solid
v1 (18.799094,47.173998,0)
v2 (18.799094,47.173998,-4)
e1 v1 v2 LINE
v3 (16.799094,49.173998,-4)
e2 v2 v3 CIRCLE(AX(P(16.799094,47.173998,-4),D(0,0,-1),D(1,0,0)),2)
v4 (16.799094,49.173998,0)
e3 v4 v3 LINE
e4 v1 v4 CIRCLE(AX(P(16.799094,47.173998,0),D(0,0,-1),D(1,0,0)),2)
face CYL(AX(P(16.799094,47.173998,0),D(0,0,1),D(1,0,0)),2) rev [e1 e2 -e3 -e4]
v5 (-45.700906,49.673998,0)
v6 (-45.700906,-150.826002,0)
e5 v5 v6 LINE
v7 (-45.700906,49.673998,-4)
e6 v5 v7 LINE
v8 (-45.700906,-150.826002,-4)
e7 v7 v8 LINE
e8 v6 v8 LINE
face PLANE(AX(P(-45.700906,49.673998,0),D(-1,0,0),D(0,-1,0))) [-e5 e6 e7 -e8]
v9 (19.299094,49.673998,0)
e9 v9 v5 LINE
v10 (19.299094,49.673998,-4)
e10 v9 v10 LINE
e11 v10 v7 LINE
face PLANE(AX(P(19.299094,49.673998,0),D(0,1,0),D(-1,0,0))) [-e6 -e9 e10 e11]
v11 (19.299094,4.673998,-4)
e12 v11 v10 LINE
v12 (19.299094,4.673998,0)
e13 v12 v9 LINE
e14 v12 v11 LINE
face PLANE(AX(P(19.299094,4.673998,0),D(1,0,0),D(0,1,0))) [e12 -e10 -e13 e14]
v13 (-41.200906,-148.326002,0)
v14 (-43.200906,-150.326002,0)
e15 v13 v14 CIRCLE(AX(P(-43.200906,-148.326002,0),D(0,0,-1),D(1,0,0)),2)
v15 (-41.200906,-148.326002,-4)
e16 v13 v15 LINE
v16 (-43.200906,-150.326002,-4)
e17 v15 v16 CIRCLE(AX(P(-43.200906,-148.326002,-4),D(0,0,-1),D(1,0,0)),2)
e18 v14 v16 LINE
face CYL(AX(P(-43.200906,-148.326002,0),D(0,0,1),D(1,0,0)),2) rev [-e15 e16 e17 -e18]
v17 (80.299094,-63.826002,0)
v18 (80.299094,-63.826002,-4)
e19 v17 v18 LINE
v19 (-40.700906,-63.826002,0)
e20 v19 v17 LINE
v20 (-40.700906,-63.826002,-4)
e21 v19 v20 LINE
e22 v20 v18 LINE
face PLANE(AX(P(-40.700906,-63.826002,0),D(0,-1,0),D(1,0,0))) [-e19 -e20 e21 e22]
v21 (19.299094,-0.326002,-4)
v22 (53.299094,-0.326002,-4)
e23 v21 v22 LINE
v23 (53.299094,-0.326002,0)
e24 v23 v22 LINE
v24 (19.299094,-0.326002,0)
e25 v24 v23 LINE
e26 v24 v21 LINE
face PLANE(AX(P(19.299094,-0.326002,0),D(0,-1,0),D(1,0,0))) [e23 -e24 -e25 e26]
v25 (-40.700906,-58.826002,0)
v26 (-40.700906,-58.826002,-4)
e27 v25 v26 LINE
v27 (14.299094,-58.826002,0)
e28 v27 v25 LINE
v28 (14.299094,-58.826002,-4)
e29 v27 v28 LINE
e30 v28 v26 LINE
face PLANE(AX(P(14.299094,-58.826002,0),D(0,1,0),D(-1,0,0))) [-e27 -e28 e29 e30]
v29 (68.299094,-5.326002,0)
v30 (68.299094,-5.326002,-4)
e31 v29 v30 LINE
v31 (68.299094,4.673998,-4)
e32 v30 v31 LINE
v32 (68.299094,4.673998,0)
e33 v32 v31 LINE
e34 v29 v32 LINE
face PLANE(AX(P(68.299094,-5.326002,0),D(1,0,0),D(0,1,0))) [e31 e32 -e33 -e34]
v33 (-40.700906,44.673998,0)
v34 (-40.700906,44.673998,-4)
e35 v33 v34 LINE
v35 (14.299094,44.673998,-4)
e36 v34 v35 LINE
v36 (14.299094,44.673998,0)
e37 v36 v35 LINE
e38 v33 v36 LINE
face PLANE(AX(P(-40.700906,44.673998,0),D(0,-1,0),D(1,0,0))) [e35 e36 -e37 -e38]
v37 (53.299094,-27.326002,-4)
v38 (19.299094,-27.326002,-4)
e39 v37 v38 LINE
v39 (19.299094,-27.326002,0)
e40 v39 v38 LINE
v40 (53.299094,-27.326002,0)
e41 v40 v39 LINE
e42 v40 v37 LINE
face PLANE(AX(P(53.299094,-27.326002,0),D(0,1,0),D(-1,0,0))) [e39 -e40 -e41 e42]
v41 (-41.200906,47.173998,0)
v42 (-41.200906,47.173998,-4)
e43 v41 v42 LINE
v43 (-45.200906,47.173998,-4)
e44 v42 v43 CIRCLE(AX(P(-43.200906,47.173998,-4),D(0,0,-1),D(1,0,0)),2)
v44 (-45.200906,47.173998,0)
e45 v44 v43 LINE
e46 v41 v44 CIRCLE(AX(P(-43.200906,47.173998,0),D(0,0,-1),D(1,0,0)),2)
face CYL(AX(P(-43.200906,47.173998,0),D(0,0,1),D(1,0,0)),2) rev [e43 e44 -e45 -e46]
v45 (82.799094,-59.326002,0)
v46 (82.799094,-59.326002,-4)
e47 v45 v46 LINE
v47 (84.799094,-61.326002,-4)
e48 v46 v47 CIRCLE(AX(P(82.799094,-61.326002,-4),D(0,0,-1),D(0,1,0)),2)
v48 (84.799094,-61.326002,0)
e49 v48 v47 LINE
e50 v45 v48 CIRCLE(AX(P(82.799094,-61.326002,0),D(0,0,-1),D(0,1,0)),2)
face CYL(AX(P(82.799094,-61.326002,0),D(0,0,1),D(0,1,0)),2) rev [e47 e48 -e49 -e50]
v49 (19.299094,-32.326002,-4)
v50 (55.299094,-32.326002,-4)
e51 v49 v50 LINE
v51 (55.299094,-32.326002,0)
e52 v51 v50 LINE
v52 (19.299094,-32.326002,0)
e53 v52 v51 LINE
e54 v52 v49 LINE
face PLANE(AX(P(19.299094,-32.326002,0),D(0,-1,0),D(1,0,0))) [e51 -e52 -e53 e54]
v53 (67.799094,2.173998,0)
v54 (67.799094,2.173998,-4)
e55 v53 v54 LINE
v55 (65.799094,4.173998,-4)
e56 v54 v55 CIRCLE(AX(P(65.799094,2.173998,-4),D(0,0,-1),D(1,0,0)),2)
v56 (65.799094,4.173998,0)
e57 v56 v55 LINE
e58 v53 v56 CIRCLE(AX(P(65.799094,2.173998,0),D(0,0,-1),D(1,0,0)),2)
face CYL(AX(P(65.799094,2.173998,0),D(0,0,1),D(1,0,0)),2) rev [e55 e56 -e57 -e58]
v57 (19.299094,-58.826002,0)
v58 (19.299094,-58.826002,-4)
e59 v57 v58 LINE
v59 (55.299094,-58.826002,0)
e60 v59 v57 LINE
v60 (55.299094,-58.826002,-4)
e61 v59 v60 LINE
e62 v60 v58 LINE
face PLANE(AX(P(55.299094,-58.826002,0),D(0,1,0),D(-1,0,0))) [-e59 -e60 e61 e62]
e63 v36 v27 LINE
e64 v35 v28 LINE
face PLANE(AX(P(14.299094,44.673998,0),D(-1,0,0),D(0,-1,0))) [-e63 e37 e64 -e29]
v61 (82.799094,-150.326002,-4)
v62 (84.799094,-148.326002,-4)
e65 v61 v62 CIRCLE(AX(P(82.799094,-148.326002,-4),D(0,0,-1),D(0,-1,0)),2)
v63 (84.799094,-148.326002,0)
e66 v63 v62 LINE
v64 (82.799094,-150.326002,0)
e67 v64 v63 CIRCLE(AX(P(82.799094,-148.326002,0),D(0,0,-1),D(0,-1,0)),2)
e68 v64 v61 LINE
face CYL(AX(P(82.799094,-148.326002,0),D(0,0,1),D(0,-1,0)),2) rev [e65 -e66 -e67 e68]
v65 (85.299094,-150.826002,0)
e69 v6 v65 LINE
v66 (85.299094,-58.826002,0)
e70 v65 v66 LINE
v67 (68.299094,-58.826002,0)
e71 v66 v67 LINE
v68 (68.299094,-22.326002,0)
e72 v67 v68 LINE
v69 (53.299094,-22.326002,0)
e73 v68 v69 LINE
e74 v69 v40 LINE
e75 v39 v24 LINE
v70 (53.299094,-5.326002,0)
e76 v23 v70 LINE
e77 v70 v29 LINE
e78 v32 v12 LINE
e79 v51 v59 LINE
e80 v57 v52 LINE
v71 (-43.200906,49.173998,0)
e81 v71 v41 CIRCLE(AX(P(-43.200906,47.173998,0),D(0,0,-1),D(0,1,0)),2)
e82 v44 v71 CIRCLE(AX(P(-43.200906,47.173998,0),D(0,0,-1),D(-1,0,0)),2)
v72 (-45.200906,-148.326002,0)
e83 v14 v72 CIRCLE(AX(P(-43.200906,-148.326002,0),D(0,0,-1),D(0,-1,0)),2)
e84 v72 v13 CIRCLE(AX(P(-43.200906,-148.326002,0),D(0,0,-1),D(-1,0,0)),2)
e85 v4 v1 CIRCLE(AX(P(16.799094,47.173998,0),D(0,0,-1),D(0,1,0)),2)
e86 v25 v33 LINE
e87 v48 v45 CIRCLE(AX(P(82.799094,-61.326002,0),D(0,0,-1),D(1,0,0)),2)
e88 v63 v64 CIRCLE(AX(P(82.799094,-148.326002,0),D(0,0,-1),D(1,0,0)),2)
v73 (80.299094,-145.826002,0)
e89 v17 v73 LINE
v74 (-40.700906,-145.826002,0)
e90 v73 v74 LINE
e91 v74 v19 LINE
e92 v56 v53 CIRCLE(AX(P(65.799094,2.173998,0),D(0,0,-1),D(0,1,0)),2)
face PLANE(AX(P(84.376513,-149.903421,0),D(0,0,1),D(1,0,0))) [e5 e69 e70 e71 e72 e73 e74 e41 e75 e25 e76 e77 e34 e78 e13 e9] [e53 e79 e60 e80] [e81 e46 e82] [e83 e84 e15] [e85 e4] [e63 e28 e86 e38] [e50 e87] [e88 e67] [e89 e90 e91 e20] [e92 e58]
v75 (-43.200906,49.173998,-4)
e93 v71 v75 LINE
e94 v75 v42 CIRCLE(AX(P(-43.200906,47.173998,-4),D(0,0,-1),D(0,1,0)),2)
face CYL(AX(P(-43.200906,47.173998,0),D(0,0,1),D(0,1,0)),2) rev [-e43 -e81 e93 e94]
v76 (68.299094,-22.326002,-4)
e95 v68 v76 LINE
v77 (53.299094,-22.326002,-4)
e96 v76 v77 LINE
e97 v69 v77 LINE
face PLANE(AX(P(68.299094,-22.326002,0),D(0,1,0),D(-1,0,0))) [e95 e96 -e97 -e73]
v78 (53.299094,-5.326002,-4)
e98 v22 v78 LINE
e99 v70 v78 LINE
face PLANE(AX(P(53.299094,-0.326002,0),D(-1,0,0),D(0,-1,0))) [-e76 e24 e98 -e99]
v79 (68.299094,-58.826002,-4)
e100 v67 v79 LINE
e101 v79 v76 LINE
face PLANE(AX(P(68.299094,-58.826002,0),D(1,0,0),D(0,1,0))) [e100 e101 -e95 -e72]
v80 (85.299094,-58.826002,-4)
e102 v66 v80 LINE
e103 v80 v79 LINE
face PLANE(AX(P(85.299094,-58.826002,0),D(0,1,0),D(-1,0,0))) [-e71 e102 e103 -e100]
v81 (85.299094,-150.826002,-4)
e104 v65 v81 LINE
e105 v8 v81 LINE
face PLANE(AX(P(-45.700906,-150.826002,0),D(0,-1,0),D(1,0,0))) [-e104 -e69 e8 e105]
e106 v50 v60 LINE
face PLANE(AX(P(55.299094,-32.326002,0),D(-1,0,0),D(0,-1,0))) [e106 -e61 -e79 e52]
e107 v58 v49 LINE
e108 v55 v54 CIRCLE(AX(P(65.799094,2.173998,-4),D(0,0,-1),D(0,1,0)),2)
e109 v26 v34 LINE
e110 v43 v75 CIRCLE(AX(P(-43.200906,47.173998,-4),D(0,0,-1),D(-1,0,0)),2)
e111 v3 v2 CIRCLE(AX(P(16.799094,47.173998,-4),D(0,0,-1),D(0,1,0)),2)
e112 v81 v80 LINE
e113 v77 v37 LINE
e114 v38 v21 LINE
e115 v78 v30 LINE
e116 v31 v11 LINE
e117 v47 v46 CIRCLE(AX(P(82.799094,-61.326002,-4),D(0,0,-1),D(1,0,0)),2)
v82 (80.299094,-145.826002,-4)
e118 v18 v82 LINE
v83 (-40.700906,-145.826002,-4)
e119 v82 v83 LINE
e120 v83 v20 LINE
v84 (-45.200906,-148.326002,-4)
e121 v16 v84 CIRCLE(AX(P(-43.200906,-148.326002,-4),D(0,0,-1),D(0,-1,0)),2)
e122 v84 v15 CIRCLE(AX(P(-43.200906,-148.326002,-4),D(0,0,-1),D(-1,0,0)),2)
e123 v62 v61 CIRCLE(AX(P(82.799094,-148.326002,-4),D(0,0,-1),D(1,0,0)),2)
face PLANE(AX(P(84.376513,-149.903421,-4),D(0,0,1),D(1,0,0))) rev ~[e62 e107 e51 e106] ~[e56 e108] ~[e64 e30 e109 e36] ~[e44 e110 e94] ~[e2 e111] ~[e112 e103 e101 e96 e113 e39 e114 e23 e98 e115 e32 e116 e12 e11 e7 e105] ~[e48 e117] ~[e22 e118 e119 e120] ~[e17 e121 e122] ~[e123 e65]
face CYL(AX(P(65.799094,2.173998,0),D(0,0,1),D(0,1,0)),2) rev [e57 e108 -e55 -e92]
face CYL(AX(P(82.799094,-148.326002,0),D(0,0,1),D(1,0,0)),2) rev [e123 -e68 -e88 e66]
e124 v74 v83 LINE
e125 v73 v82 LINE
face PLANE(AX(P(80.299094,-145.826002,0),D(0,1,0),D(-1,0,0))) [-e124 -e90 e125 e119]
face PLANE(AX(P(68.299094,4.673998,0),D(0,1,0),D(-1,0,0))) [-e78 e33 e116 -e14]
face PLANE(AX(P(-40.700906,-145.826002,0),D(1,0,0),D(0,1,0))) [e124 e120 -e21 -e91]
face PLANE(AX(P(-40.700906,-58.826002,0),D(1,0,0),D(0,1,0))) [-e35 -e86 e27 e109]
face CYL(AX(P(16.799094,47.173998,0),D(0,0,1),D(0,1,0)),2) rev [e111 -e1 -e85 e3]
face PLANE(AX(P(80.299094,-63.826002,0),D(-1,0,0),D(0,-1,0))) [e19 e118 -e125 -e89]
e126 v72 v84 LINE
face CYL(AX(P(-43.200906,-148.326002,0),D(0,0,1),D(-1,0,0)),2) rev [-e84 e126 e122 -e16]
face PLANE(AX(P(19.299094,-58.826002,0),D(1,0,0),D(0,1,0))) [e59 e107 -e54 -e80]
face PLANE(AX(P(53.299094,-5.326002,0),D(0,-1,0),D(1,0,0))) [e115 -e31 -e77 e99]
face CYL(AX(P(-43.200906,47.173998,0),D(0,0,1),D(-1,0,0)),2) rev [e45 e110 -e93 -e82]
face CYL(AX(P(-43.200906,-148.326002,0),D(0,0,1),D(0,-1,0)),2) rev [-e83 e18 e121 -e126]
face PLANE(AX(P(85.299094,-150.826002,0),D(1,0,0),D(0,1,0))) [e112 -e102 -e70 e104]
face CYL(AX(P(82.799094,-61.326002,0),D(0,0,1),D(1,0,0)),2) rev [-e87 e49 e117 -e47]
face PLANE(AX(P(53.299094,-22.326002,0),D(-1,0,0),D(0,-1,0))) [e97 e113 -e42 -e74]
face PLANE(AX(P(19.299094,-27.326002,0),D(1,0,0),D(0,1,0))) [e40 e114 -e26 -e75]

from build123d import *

# Parameters (mm, degrees)
F0_W     = 5
F0_H     = 5
F1_DEPTH = 4


with BuildPart() as f1:
    # F0 (on Top) → F1 (new body)
    with BuildSketch(Plane.XY):
        with BuildLine():
            Line((82.7990943193, -150.3260023594), (82.7990943193, -150.8260023594))
            Line((82.7990943193, -150.8260023594), (85.2990943193, -150.8260023594))
            Line((85.2990943193, -150.8260023594), (85.2990943193, -148.3260023594))
            Line((85.2990943193, -148.3260023594), (84.7990943193, -148.3260023594))
            ThreePointArc((84.7990943193, -148.3260023594), (84.2133078817, -149.7402159218), (82.7990943193, -150.3260023594))
        make_face()
        with BuildLine():
            Line((-45.2009056807, -148.3260023594), (-45.7009056807, -148.3260023594))
            Line((-45.7009056807, -148.3260023594), (-45.7009056807, -150.8260023594))
            Line((-45.7009056807, -150.8260023594), (-43.2009056807, -150.8260023594))
            Line((-43.2009056807, -150.8260023594), (-43.2009056807, -150.3260023594))
            ThreePointArc((-43.2009056807, -150.3260023594), (-44.615119243, -149.7402159218), (-45.2009056807, -148.3260023594))
        make_face()
        with BuildLine():
            Line((-43.2009056807, 49.1739976406), (-43.2009056807, 49.6739976406))
            Line((-43.2009056807, 49.6739976406), (-45.7009056807, 49.6739976406))
            Line((-45.7009056807, 49.6739976406), (-45.7009056807, 47.1739976406))
            Line((-45.7009056807, 47.1739976406), (-45.2009056807, 47.1739976406))
            ThreePointArc((-45.2009056807, 47.1739976406), (-44.615119243, 48.588211203), (-43.2009056807, 49.1739976406))
        make_face()
        with BuildLine():
            Line((85.2990943193, -61.3260023594), (85.2990943193, -58.8260023594))
            Line((85.2990943193, -58.8260023594), (82.7990943193, -58.8260023594))
            Line((82.7990943193, -58.8260023594), (82.7990943193, -59.3260023594))
            ThreePointArc((82.7990943193, -59.3260023594), (84.2133078817, -59.911788797), (84.7990943193, -61.3260023594))
            Line((84.7990943193, -61.3260023594), (85.2990943193, -61.3260023594))
        make_face()
        with BuildLine():
            Line((19.2990943193, 49.6739976406), (16.7990943193, 49.6739976406))
            Line((16.7990943193, 49.6739976406), (16.7990943193, 49.1739976406))
            ThreePointArc((16.7990943193, 49.1739976406), (18.2133078817, 48.588211203), (18.7990943193, 47.1739976406))
            Line((18.7990943193, 47.1739976406), (19.2990943193, 47.1739976406))
            Line((19.2990943193, 47.1739976406), (19.2990943193, 49.6739976406))
        make_face()
        with BuildLine():
            Line((85.2990943193, -63.8260023594), (85.2990943193, -61.3260023594))
            Line((85.2990943193, -61.3260023594), (84.7990943193, -61.3260023594))
            ThreePointArc((84.7990943193, -61.3260023594), (81.384880757, -62.7402159218), (82.7990943193, -59.3260023594))
            Line((82.7990943193, -59.3260023594), (82.7990943193, -58.8260023594))
            Line((82.7990943193, -58.8260023594), (80.2990943193, -58.8260023594))
            Line((80.2990943193, -58.8260023594), (80.2990943193, -63.8260023594))
            Line((80.2990943193, -63.8260023594), (85.2990943193, -63.8260023594))
        make_face()
        with BuildLine():
            Line((14.2990943193, 49.6739976406), (14.2990943193, 44.6739976406))
            Line((14.2990943193, 44.6739976406), (16.7990943193, 44.6739976406))
            Line((16.7990943193, 44.6739976406), (19.2990943193, 44.6739976406))
            Line((19.2990943193, 44.6739976406), (19.2990943193, 47.1739976406))
            Line((19.2990943193, 47.1739976406), (18.7990943193, 47.1739976406))
            ThreePointArc((18.7990943193, 47.1739976406), (15.384880757, 45.7597840782), (16.7990943193, 49.1739976406))
            Line((16.7990943193, 49.1739976406), (16.7990943193, 49.6739976406))
            Line((16.7990943193, 49.6739976406), (14.2990943193, 49.6739976406))
        make_face()
        with BuildLine():
            Line((-37.7009056807, -58.8260023594), (-40.7009056807, -58.8260023594))
            Line((-40.7009056807, -58.8260023594), (-40.7009056807, -52.8260023594))
            Line((-40.7009056807, -52.8260023594), (-40.7009056807, 28.4739976406))
            Line((-40.7009056807, 28.4739976406), (-40.7009056807, 44.6739976406))
            Line((-40.7009056807, 44.6739976406), (14.2990943193, 44.6739976406))
            Line((14.2990943193, 44.6739976406), (14.2990943193, 49.6739976406))
            Line((14.2990943193, 49.6739976406), (-43.2009056807, 49.6739976406))
            Line((-43.2009056807, 49.6739976406), (-43.2009056807, 49.1739976406))
            ThreePointArc((-43.2009056807, 49.1739976406), (-41.7866921183, 48.588211203), (-41.2009056807, 47.1739976406))
            ThreePointArc((-41.2009056807, 47.1739976406), (-43.2009056807, 45.1739976406), (-45.2009056807, 47.1739976406))
            Line((-45.2009056807, 47.1739976406), (-45.7009056807, 47.1739976406))
            Line((-45.7009056807, 47.1739976406), (-45.7009056807, -148.3260023594))
            Line((-45.7009056807, -148.3260023594), (-45.2009056807, -148.3260023594))
            ThreePointArc((-45.2009056807, -148.3260023594), (-43.2009056807, -146.3260023594), (-41.2009056807, -148.3260023594))
            ThreePointArc((-41.2009056807, -148.3260023594), (-41.7866921183, -149.7402159218), (-43.2009056807, -150.3260023594))
            Line((-43.2009056807, -150.3260023594), (-43.2009056807, -150.8260023594))
            Line((-43.2009056807, -150.8260023594), (82.7990943193, -150.8260023594))
            Line((82.7990943193, -150.8260023594), (82.7990943193, -150.3260023594))
            ThreePointArc((82.7990943193, -150.3260023594), (81.384880757, -146.911788797), (84.7990943193, -148.3260023594))
            Line((84.7990943193, -148.3260023594), (85.2990943193, -148.3260023594))
            Line((85.2990943193, -148.3260023594), (85.2990943193, -63.8260023594))
            Line((85.2990943193, -63.8260023594), (80.2990943193, -63.8260023594))
            Line((80.2990943193, -63.8260023594), (80.2990943193, -58.8260023594))
            Line((80.2990943193, -58.8260023594), (68.2990943193, -58.8260023594))
            Line((68.2990943193, -58.8260023594), (68.2990943193, -22.3260023594))
            Line((68.2990943193, -22.3260023594), (63.2990943193, -22.3260023594))
            Line((63.2990943193, -22.3260023594), (53.2990943193, -22.3260023594))
            Line((53.2990943193, -22.3260023594), (53.2990943193, -25.3760023594))
            Line((53.2990943193, -25.3760023594), (53.2990943193, -27.3260023594))
            Line((53.2990943193, -27.3260023594), (51.3490943193, -27.3260023594))
            Line((51.3490943193, -27.3260023594), (28.5490943193, -27.3260023594))
            Line((28.5490943193, -27.3260023594), (19.2990943193, -27.3260023594))
            Line((19.2990943193, -27.3260023594), (19.2990943193, -25.3760023594))
            Line((19.2990943193, -25.3760023594), (19.2990943193, -2.2760023594))
            Line((19.2990943193, -2.2760023594), (19.2990943193, -0.3260023594))
            Line((19.2990943193, -0.3260023594), (14.2990943193, -0.3260023594))
            Line((14.2990943193, -0.3260023594), (14.2990943193, -27.3260023594))
            Line((14.2990943193, -27.3260023594), (14.2990943193, -32.3260023594))
            Line((14.2990943193, -32.3260023594), (14.2990943193, -47.2260023594))
            Line((14.2990943193, -47.2260023594), (14.2990943193, -58.8260023594))
            Line((14.2990943193, -58.8260023594), (11.2990943193, -58.8260023594))
            Line((11.2990943193, -58.8260023594), (-37.7009056807, -58.8260023594))
        make_face()
        Polygon((76.8990943193, -63.8260023594), (80.2990943193, -63.8260023594), (80.2990943193, -67.2260023594), (80.2990943193, -142.4260023594), (80.2990943193, -145.8260023594), (76.8990943193, -145.8260023594), (-37.3009056807, -145.8260023594), (-40.7009056807, -145.8260023594), (-40.7009056807, -142.4260023594), (-40.7009056807, -67.2260023594), (-40.7009056807, -63.8260023594), (-37.3009056807, -63.8260023594), (14.2990943193, -63.8260023594), (19.2990943193, -63.8260023594), align=None, mode=Mode.SUBTRACT)
        Polygon((53.5990943193, -58.8260023594), (19.2990943193, -58.8260023594), (19.2990943193, -32.3260023594), (53.5990943193, -32.3260023594), (55.2990943193, -32.3260023594), (55.2990943193, -34.0260023594), (55.2990943193, -57.1260023594), (55.2990943193, -58.8260023594), align=None, mode=Mode.SUBTRACT)
        with Locations((16.7990943193, 2.1739976406)):
            Rectangle(F0_W, F0_H)
        Polygon((16.7990943193, 44.6739976406), (14.2990943193, 44.6739976406), (14.2990943193, 29.8739976406), (14.2990943193, 4.6739976406), (19.2990943193, 4.6739976406), (19.2990943193, 44.6739976406), align=None)
        with BuildLine():
            Line((65.7990943193, 4.6739976406), (19.2990943193, 4.6739976406))
            Line((19.2990943193, 4.6739976406), (19.2990943193, -0.3260023594))
            Line((19.2990943193, -0.3260023594), (28.5490943193, -0.3260023594))
            Line((28.5490943193, -0.3260023594), (51.3490943193, -0.3260023594))
            Line((51.3490943193, -0.3260023594), (53.2990943193, -0.3260023594))
            Line((53.2990943193, -0.3260023594), (53.2990943193, -2.2760023594))
            Line((53.2990943193, -2.2760023594), (53.2990943193, -5.3260023594))
            Line((53.2990943193, -5.3260023594), (63.2990943193, -5.3260023594))
            Line((63.2990943193, -5.3260023594), (68.2990943193, -5.3260023594))
            Line((68.2990943193, -5.3260023594), (68.2990943193, 2.1739976406))
            Line((68.2990943193, 2.1739976406), (67.7990943193, 2.1739976406))
            ThreePointArc((67.7990943193, 2.1739976406), (64.384880757, 0.7597840782), (65.7990943193, 4.1739976406))
            Line((65.7990943193, 4.1739976406), (65.7990943193, 4.6739976406))
        make_face()
        with BuildLine():
            Line((68.2990943193, 4.6739976406), (65.7990943193, 4.6739976406))
            Line((65.7990943193, 4.6739976406), (65.7990943193, 4.1739976406))
            ThreePointArc((65.7990943193, 4.1739976406), (67.2133078817, 3.588211203), (67.7990943193, 2.1739976406))
            Line((67.7990943193, 2.1739976406), (68.2990943193, 2.1739976406))
            Line((68.2990943193, 2.1739976406), (68.2990943193, 4.6739976406))
        make_face()
    extrude(amount=-F1_DEPTH)


solid = f1.part
